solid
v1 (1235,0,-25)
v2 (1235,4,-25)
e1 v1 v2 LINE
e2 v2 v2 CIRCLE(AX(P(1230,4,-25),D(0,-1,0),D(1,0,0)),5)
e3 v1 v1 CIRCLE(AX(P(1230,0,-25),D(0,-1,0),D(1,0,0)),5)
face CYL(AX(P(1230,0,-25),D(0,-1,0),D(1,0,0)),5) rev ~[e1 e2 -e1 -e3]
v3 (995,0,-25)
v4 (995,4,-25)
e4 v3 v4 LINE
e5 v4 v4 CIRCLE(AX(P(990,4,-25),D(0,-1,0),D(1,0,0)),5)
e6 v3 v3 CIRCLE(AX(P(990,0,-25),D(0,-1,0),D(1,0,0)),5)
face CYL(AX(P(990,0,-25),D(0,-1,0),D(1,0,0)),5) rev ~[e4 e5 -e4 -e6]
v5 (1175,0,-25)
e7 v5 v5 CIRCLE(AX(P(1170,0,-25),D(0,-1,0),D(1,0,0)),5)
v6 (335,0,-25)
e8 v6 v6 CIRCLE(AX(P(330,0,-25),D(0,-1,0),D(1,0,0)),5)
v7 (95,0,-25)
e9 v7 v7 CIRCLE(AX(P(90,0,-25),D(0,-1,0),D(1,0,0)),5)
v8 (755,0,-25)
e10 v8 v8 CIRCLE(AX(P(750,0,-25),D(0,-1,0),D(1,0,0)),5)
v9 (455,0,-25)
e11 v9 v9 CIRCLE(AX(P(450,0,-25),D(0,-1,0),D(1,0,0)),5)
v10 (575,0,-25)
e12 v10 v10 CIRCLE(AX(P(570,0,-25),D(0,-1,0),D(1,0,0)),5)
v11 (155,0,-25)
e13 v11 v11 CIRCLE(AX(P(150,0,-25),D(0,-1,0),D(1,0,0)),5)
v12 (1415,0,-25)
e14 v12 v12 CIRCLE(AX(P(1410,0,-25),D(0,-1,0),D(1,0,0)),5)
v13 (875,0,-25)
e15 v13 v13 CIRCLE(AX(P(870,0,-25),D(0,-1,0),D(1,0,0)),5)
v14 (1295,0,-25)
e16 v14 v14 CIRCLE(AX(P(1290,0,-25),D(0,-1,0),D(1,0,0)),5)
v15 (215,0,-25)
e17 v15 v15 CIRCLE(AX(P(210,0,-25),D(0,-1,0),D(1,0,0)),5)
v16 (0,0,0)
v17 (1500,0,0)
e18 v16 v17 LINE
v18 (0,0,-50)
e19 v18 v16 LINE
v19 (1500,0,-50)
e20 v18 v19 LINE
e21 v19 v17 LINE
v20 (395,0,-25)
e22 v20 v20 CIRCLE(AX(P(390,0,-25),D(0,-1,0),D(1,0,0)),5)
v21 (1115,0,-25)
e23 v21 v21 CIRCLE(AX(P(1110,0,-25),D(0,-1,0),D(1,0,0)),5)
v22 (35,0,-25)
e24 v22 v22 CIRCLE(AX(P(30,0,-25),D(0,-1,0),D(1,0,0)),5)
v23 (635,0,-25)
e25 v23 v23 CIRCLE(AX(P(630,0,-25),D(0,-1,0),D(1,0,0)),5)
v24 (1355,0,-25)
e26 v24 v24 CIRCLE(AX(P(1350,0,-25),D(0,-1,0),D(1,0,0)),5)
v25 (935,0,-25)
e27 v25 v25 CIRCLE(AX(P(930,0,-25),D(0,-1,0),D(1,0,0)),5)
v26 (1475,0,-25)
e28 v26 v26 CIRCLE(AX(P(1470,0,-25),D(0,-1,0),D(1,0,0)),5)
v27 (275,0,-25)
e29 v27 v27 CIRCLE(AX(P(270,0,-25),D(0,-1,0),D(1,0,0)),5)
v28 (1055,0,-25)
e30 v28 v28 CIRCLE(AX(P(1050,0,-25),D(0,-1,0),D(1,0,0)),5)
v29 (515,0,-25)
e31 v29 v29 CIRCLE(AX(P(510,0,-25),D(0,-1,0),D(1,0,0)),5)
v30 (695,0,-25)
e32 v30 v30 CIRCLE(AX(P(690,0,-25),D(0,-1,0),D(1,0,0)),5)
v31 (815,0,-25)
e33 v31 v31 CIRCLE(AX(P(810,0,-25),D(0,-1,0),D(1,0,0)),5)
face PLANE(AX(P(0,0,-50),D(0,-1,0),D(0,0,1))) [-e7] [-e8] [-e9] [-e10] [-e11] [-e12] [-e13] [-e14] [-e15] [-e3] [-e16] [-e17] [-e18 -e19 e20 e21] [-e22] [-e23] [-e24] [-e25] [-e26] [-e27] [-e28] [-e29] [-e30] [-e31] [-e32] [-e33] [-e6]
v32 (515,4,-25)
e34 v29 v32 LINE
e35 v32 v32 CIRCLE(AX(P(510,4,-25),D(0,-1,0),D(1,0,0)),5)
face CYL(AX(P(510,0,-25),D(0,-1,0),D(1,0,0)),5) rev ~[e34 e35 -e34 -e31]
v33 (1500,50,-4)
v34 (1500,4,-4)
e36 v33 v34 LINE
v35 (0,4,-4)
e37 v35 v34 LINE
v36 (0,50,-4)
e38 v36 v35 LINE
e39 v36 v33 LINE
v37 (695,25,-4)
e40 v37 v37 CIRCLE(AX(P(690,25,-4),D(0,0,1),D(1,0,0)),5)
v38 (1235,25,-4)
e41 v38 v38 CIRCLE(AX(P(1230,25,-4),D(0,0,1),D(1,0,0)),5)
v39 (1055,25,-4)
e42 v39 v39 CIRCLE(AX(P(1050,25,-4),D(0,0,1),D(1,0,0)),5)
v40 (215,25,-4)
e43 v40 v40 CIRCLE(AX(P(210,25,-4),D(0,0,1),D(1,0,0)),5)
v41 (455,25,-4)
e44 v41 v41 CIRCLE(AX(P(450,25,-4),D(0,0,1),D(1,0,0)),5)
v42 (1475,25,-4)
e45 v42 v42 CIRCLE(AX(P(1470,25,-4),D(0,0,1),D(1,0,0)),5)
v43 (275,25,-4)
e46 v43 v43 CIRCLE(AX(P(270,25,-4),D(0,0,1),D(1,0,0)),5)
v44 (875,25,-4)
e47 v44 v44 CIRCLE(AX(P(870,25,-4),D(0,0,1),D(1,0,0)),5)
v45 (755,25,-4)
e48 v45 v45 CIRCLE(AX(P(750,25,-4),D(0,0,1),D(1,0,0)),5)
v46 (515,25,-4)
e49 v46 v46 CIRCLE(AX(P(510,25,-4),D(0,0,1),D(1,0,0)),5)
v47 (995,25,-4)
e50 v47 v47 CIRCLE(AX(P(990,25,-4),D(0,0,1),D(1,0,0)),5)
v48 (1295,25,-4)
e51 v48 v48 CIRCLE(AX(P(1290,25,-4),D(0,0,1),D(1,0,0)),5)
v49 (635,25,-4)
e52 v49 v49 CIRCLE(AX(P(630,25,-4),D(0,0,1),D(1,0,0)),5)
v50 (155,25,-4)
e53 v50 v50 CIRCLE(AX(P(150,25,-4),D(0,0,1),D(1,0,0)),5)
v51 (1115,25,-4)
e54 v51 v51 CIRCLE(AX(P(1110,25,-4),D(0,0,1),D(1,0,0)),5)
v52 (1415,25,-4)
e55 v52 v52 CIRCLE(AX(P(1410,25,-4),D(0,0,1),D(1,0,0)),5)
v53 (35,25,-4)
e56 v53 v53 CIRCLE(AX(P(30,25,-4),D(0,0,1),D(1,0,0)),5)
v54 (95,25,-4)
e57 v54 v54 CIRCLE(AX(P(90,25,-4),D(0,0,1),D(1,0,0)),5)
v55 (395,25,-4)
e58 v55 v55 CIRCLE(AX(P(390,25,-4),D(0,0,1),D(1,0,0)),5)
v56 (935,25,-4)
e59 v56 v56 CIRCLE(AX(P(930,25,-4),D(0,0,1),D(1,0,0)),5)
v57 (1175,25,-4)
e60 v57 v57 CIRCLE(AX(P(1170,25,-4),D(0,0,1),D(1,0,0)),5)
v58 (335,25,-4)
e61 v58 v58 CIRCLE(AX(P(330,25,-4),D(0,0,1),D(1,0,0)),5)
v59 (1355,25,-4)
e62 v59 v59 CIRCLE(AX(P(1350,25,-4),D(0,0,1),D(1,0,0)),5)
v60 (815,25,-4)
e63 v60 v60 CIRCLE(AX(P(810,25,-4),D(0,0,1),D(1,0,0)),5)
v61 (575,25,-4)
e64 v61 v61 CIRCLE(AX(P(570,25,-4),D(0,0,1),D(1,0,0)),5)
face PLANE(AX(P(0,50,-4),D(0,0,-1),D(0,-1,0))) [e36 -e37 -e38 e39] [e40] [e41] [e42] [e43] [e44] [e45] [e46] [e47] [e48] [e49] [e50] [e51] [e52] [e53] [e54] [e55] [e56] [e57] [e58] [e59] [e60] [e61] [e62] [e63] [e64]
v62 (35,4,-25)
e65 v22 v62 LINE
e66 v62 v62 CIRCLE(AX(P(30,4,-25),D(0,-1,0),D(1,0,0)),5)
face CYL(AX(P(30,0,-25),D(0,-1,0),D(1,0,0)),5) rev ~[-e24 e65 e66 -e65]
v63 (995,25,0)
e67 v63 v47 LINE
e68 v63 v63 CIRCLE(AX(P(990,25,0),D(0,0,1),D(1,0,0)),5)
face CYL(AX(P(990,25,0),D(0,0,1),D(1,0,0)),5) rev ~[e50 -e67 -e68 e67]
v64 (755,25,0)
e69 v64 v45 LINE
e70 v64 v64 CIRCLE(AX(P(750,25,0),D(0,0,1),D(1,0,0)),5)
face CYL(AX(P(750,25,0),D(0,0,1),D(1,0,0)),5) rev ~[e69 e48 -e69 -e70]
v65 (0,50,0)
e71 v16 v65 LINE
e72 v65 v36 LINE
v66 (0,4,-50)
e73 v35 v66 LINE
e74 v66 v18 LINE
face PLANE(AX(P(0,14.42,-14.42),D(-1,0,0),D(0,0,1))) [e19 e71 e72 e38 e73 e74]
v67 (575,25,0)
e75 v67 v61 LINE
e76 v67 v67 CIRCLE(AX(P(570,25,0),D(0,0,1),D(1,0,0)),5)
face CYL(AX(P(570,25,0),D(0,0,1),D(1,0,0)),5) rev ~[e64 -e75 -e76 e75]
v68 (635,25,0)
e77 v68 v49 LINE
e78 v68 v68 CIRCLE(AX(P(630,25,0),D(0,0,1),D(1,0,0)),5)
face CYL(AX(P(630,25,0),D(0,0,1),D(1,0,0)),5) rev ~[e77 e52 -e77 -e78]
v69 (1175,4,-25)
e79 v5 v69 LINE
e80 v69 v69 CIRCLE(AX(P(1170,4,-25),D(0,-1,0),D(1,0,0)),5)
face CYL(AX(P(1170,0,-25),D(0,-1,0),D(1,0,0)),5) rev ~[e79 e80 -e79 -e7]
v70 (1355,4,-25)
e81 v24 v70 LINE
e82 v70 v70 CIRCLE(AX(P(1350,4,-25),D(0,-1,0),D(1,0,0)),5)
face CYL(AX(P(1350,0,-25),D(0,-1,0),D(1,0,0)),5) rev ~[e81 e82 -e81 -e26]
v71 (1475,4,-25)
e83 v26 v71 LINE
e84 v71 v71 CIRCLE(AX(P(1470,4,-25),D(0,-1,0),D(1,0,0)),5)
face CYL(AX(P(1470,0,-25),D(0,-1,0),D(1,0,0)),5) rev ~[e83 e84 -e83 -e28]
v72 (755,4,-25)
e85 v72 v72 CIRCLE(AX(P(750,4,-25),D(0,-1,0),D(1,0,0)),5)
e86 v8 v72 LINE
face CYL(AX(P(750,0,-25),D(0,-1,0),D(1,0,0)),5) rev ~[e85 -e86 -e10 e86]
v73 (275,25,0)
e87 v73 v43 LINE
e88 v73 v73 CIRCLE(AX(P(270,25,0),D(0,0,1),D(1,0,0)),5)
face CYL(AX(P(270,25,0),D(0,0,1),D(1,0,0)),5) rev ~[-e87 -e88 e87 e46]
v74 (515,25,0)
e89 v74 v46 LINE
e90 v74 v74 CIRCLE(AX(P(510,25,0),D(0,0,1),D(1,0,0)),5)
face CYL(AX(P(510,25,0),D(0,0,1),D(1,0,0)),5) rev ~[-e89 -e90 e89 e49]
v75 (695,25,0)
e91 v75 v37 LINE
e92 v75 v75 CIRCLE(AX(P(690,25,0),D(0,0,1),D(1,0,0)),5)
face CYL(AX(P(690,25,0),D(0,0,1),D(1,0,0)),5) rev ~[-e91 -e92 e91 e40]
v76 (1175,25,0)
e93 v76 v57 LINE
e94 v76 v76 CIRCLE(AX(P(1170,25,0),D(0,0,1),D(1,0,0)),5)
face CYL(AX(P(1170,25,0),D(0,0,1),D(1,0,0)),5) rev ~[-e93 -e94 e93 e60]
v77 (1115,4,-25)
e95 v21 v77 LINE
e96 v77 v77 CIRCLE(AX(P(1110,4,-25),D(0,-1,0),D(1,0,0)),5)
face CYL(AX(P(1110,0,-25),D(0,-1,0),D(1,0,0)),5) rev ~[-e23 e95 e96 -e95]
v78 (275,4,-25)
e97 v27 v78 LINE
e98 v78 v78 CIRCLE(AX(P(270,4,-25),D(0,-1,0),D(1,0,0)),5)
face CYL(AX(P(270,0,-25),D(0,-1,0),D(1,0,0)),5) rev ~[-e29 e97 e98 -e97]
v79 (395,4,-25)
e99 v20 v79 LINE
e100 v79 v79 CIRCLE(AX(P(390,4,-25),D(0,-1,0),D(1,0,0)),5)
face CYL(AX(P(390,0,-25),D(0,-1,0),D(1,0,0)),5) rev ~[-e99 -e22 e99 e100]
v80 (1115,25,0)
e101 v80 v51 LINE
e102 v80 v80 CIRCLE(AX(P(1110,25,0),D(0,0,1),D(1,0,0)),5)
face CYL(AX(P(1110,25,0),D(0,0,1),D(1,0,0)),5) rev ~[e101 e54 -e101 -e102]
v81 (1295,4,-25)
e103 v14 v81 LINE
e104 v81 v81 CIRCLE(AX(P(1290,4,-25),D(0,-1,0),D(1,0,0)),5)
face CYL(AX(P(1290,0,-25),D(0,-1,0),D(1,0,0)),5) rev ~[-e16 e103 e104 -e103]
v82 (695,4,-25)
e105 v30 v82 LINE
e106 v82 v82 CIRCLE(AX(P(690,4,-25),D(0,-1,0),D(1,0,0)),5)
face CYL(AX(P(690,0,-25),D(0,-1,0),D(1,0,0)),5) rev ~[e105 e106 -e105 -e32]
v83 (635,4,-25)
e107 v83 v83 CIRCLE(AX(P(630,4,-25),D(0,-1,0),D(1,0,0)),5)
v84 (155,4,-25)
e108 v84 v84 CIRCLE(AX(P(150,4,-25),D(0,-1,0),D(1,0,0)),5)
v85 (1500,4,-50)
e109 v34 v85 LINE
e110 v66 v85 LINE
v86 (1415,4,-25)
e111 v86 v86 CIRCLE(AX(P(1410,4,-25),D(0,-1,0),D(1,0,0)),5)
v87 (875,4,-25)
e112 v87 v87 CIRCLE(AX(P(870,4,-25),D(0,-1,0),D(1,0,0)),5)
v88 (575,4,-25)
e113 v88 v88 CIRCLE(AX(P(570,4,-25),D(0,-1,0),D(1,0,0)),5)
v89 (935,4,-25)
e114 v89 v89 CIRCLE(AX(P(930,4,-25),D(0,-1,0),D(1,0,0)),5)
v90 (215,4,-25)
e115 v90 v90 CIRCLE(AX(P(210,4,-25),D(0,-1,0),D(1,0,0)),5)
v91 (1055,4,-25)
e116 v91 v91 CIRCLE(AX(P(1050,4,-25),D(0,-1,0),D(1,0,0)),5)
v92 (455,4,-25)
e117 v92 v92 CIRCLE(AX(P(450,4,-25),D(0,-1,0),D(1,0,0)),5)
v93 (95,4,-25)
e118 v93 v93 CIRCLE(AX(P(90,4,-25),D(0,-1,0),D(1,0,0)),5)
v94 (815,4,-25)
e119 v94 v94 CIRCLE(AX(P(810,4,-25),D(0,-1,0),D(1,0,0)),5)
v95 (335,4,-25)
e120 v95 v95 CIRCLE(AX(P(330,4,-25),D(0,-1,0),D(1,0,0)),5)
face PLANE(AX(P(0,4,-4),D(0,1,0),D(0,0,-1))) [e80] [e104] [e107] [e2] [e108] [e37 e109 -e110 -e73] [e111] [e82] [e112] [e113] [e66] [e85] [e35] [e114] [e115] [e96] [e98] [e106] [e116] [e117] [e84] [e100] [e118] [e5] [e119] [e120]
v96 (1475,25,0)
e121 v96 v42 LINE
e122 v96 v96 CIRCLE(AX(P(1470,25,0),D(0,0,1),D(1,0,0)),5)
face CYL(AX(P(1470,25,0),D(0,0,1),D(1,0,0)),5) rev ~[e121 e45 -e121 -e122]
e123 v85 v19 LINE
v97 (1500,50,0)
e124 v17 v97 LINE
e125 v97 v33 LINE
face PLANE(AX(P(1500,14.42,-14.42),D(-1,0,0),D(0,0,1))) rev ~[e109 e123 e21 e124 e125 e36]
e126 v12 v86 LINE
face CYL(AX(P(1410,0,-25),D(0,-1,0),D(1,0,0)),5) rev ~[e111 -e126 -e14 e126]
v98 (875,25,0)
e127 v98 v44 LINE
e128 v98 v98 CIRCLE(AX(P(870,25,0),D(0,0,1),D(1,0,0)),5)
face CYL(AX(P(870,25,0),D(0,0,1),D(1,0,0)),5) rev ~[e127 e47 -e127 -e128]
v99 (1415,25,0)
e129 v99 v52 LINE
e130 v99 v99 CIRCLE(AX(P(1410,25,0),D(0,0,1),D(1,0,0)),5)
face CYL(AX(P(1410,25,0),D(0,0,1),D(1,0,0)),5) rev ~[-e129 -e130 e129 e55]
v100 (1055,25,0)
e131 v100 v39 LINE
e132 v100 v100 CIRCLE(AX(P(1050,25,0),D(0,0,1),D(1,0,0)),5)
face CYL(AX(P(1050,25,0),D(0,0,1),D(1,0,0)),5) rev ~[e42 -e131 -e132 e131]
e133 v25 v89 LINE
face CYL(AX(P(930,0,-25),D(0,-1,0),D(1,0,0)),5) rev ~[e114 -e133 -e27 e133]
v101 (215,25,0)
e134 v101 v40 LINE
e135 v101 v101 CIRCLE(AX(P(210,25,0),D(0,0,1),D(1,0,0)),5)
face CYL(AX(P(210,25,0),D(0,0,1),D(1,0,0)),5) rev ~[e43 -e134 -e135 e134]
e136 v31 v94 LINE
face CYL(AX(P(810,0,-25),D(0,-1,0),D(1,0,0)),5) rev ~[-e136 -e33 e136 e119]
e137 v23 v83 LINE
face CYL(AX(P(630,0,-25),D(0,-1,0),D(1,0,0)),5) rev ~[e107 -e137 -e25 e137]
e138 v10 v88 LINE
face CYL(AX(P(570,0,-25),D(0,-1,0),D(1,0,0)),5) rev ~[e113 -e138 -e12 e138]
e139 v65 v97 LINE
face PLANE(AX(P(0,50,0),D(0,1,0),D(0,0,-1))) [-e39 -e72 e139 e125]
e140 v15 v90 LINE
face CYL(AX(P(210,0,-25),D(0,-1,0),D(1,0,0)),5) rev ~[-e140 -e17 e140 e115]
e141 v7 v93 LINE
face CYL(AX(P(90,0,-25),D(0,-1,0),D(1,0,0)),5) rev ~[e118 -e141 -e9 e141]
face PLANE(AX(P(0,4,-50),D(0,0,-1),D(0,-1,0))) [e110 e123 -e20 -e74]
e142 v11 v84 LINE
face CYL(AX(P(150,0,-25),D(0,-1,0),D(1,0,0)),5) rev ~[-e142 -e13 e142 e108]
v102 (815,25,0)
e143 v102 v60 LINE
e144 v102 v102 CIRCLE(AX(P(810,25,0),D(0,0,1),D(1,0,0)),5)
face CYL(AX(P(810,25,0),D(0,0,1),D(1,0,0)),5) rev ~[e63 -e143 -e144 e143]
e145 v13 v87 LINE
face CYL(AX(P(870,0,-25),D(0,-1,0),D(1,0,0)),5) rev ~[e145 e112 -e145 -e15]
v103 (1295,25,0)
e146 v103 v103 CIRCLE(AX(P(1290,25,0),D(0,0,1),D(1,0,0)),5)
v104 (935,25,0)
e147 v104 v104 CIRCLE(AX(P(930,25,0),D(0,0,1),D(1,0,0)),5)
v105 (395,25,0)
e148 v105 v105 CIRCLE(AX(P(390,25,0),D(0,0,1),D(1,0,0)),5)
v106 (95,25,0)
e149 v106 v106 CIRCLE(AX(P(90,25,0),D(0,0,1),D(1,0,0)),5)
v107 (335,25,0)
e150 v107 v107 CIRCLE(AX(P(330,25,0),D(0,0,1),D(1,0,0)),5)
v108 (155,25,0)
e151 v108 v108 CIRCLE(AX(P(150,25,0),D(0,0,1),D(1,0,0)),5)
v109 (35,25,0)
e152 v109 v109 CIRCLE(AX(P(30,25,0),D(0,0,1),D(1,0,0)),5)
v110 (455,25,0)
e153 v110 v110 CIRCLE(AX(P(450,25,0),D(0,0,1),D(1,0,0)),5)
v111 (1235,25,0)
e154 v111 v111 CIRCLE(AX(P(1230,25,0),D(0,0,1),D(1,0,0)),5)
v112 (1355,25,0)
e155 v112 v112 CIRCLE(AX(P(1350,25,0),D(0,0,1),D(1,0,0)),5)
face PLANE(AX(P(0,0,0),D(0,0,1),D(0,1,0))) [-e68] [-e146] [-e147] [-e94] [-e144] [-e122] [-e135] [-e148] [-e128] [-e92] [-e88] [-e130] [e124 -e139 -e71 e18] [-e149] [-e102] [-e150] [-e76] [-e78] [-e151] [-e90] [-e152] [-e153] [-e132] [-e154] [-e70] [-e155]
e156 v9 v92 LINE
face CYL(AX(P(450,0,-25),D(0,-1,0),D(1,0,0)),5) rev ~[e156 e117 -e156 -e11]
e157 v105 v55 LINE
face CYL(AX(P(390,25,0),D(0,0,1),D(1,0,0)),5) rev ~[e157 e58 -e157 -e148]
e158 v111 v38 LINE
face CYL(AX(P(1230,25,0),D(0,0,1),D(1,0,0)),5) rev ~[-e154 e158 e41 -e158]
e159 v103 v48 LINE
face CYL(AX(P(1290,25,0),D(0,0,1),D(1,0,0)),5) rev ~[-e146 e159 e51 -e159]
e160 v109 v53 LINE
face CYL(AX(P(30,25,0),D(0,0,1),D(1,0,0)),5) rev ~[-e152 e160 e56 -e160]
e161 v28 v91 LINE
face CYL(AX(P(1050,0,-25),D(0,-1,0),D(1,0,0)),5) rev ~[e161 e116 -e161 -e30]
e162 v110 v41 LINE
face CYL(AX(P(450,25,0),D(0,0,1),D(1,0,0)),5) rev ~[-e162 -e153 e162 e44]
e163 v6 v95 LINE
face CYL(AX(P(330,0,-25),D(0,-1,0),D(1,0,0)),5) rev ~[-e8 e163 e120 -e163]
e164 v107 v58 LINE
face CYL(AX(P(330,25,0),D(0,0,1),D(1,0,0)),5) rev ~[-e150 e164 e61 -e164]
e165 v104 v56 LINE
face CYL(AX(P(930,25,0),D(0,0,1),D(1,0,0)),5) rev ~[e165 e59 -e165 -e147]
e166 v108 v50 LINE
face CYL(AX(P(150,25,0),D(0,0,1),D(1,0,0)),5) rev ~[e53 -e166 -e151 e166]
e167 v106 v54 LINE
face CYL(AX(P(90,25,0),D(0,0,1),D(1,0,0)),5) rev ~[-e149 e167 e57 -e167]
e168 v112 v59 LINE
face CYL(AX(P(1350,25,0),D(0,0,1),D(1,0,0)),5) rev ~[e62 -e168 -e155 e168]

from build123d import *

# Parameters (mm, degrees)
EXTRUDE_1_DEPTH     = 1500
SKETCH_2_R          = 5
CUT_EXTRUDE_1_DEPTH = 51
SKETCH_3_R          = 5
CUT_EXTRUDE_2_DEPTH = 51


with BuildPart() as part:
    # Эскиз1 → Вытянуть-Тонкостенный1 (new body)
    with BuildSketch(Plane(origin=(0, 0, 0), x_dir=(0, 0, -1), z_dir=(1, 0, 0))):
        Polygon((50, 0), (0, 0), (0, 50), (4, 50), (4, 4), (50, 4), align=None)
    extrude(amount=EXTRUDE_1_DEPTH)

    # Эскиз2 → Вырез-Вытянуть1 (cut, through all)
    with BuildSketch(Plane.XY):
        with Locations((30, 25)):
            Circle(SKETCH_2_R)
        with Locations((90, 25)):
            Circle(SKETCH_2_R)
        with Locations((150, 25)):
            Circle(SKETCH_2_R)
        with Locations((210, 25)):
            Circle(SKETCH_2_R)
        with Locations((270, 25)):
            Circle(SKETCH_2_R)
        with Locations((330, 25)):
            Circle(SKETCH_2_R)
        with Locations((390, 25)):
            Circle(SKETCH_2_R)
        with Locations((450, 25)):
            Circle(SKETCH_2_R)
        with Locations((510, 25)):
            Circle(SKETCH_2_R)
        with Locations((570, 25)):
            Circle(SKETCH_2_R)
        with Locations((630, 25)):
            Circle(SKETCH_2_R)
        with Locations((690, 25)):
            Circle(SKETCH_2_R)
        with Locations((750, 25)):
            Circle(SKETCH_2_R)
        with Locations((810, 25)):
            Circle(SKETCH_2_R)
        with Locations((870, 25)):
            Circle(SKETCH_2_R)
        with Locations((930, 25)):
            Circle(SKETCH_2_R)
        with Locations((990, 25)):
            Circle(SKETCH_2_R)
        with Locations((1050, 25)):
            Circle(SKETCH_2_R)
        with Locations((1110, 25)):
            Circle(SKETCH_2_R)
        with Locations((1170, 25)):
            Circle(SKETCH_2_R)
        with Locations((1230, 25)):
            Circle(SKETCH_2_R)
        with Locations((1290, 25)):
            Circle(SKETCH_2_R)
        with Locations((1350, 25)):
            Circle(SKETCH_2_R)
        with Locations((1410, 25)):
            Circle(SKETCH_2_R)
        with Locations((1470, 25)):
            Circle(SKETCH_2_R)
    extrude(amount=-CUT_EXTRUDE_1_DEPTH, mode=Mode.SUBTRACT)

    # Эскиз3 → Вырез-Вытянуть2 (cut, through all)
    with BuildSketch(Plane.XZ):
        with Locations((30, -25)):
            Circle(SKETCH_3_R)
        with Locations((90, -25)):
            Circle(SKETCH_3_R)
        with Locations((150, -25)):
            Circle(SKETCH_3_R)
        with Locations((210, -25)):
            Circle(SKETCH_3_R)
        with Locations((270, -25)):
            Circle(SKETCH_3_R)
        with Locations((330, -25)):
            Circle(SKETCH_3_R)
        with Locations((390, -25)):
            Circle(SKETCH_3_R)
        with Locations((450, -25)):
            Circle(SKETCH_3_R)
        with Locations((510, -25)):
            Circle(SKETCH_3_R)
        with Locations((570, -25)):
            Circle(SKETCH_3_R)
        with Locations((630, -25)):
            Circle(SKETCH_3_R)
        with Locations((690, -25)):
            Circle(SKETCH_3_R)
        with Locations((750, -25)):
            Circle(SKETCH_3_R)
        with Locations((810, -25)):
            Circle(SKETCH_3_R)
        with Locations((870, -25)):
            Circle(SKETCH_3_R)
        with Locations((930, -25)):
            Circle(SKETCH_3_R)
        with Locations((990, -25)):
            Circle(SKETCH_3_R)
        with Locations((1050, -25)):
            Circle(SKETCH_3_R)
        with Locations((1110, -25)):
            Circle(SKETCH_3_R)
        with Locations((1170, -25)):
            Circle(SKETCH_3_R)
        with Locations((1230, -25)):
            Circle(SKETCH_3_R)
        with Locations((1290, -25)):
            Circle(SKETCH_3_R)
        with Locations((1350, -25)):
            Circle(SKETCH_3_R)
        with Locations((1410, -25)):
            Circle(SKETCH_3_R)
        with Locations((1470, -25)):
            Circle(SKETCH_3_R)
    extrude(amount=-CUT_EXTRUDE_2_DEPTH, mode=Mode.SUBTRACT)


solid = part.part
